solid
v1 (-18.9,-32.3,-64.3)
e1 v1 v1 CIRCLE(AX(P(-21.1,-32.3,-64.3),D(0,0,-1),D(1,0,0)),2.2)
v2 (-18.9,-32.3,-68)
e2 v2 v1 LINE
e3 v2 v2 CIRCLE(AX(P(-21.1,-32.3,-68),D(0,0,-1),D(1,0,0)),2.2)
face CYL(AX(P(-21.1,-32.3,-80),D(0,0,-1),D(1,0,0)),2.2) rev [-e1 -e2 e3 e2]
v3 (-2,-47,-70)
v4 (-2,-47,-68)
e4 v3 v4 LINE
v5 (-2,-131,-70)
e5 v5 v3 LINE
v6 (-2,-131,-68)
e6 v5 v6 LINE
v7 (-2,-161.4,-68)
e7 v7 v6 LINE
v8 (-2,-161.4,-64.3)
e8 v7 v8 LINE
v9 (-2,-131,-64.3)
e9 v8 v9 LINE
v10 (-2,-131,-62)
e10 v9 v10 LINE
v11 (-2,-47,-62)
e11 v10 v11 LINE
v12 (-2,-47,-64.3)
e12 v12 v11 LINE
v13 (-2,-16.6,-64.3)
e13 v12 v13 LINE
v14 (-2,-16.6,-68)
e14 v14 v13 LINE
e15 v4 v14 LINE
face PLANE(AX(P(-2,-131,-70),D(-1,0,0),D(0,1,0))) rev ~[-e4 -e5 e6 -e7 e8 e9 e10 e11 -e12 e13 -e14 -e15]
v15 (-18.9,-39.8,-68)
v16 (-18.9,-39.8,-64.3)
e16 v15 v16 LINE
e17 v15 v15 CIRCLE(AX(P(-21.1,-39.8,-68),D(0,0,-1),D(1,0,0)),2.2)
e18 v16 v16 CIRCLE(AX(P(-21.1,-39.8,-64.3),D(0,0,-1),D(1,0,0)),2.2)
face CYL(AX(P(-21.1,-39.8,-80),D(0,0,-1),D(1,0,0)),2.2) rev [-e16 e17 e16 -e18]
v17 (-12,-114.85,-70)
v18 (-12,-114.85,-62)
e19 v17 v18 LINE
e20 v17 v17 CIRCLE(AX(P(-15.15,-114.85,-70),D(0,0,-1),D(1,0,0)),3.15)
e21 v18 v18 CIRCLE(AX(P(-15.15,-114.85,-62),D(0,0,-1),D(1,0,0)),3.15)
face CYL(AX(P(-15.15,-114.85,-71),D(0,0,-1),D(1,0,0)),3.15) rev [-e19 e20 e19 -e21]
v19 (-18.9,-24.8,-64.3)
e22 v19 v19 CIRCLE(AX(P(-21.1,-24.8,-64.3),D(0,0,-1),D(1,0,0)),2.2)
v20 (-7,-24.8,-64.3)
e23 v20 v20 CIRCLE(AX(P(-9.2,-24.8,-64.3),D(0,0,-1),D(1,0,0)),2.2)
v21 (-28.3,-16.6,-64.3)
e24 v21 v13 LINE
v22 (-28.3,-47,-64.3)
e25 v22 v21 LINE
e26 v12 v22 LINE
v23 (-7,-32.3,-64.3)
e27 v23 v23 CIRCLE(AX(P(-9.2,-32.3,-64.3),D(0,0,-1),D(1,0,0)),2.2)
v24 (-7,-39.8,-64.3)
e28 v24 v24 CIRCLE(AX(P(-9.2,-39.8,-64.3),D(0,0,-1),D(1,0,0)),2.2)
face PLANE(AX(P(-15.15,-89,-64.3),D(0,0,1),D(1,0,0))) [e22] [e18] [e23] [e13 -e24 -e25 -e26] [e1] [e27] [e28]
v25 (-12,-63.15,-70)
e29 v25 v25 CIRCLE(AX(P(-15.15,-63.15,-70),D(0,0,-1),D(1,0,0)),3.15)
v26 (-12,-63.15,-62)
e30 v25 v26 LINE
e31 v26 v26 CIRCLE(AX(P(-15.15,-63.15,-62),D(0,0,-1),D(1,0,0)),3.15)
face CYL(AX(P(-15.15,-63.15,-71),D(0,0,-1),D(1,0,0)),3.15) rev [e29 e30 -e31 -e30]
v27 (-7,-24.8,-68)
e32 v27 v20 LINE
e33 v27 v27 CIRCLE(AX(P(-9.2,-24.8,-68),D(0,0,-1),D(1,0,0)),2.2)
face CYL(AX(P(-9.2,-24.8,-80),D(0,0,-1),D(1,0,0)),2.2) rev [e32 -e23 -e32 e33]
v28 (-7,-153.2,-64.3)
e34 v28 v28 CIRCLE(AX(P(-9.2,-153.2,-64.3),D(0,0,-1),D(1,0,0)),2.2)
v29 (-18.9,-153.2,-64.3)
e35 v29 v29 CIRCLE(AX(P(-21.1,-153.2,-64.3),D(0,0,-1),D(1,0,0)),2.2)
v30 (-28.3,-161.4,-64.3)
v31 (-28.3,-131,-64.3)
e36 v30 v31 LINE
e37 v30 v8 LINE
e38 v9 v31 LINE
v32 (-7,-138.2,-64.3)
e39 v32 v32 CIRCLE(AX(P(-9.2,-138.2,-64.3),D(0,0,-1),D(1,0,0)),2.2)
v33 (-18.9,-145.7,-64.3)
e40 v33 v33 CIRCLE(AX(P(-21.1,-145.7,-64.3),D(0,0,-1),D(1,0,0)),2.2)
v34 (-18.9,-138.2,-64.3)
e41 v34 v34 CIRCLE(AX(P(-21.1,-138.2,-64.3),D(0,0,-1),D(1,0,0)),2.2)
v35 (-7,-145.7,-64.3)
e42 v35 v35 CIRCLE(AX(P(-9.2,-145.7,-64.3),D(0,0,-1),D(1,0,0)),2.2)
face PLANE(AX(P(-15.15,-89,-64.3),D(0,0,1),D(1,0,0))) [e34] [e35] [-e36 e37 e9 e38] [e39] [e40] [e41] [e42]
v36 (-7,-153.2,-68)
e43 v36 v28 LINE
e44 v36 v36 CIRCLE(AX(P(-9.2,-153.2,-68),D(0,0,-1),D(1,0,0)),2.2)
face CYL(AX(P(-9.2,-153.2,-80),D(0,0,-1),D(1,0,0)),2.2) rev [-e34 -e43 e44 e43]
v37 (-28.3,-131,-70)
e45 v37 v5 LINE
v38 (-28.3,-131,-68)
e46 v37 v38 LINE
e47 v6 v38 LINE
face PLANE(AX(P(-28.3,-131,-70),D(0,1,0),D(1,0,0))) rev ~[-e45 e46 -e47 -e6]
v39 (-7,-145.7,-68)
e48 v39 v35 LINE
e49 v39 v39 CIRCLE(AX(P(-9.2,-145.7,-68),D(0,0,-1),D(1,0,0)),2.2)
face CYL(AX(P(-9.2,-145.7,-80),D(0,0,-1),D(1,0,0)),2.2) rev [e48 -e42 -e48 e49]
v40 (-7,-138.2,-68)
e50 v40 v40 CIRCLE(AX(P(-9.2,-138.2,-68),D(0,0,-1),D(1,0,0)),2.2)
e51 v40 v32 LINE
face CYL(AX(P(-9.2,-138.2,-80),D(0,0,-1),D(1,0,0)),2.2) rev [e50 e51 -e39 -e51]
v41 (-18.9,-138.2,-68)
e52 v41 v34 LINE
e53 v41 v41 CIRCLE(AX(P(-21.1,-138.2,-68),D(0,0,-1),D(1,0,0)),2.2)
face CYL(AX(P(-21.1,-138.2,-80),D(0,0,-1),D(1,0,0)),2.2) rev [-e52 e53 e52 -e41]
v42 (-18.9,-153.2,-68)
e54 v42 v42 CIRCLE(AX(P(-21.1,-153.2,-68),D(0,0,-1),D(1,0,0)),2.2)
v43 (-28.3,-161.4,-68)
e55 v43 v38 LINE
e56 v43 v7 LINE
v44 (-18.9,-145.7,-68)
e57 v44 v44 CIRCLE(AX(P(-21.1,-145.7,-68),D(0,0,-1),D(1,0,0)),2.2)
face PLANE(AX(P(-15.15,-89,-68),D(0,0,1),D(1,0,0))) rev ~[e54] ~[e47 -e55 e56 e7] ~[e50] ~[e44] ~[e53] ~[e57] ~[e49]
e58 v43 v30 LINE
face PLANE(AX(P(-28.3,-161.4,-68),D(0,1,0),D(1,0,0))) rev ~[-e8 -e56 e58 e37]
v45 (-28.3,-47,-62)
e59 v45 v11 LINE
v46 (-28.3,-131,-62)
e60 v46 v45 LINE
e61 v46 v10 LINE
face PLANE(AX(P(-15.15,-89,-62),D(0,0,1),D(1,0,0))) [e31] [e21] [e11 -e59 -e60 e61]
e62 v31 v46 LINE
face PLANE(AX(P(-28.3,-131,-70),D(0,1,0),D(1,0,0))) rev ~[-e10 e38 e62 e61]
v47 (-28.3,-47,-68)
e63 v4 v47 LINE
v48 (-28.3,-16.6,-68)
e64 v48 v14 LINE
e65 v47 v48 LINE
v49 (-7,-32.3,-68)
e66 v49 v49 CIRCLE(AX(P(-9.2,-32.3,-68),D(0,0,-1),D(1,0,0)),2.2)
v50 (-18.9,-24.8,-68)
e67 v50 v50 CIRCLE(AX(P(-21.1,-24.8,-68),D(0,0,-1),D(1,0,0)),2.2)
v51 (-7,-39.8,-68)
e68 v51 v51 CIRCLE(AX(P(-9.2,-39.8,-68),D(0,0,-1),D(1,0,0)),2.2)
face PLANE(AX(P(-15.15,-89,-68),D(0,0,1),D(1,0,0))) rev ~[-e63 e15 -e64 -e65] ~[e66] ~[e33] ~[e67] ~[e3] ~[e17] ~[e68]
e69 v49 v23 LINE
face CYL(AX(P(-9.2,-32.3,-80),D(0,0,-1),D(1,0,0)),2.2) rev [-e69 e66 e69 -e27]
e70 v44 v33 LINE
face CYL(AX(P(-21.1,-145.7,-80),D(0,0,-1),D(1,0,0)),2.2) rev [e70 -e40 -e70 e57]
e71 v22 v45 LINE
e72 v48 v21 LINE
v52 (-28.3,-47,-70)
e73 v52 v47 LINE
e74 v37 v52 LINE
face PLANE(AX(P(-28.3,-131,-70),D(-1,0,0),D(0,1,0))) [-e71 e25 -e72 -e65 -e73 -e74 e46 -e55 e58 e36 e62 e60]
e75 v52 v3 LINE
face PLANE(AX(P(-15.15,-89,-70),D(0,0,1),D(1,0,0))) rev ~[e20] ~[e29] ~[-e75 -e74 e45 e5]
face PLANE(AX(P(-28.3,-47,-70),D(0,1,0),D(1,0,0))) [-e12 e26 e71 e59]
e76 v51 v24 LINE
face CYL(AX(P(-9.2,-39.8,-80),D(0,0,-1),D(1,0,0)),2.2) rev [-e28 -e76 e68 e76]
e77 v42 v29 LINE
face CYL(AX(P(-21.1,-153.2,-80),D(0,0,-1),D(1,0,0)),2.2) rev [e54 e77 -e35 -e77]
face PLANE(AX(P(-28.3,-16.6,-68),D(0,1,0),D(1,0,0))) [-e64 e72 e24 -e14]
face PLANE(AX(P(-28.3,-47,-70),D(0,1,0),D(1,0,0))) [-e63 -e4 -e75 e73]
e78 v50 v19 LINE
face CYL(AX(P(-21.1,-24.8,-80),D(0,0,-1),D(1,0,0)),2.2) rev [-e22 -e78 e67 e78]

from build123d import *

# Parameters (mm, degrees)
CYLINDER042_R     = 3.15
CYLINDER042_DEPTH = 10
ARRAY016_Y_COUNT  = 2
ARRAY016_Y_PITCH  = 51.7
CYLINDER036_R     = 2.2
CYLINDER036_DEPTH = 26
ARRAY010_X_COUNT  = 2
ARRAY010_X_PITCH  = 11.9
ARRAY010_Y_COUNT  = 3
ARRAY010_Y_PITCH  = 7.5
CYLINDER035_R     = 2.2
CYLINDER035_DEPTH = 26
ARRAY009_X_COUNT  = 2
ARRAY009_X_PITCH  = 11.9
ARRAY009_Y_COUNT  = 3
ARRAY009_Y_PITCH  = 7.5
BOX041_W          = 26.3
BOX041_H          = 84
BOX041_DEPTH      = 8
BOX040_W          = 26.3
BOX040_H          = 144.8
BOX040_DEPTH      = 3.7


with BuildPart() as taladros_union_cp:
    # Cylinder042 → Cylinder042 (new body)
    with BuildSketch(Plane(origin=(-15.15, -63.15, -71), x_dir=(1, 0, 0), z_dir=(0, 0, 1))):
        Circle(CYLINDER042_R)
    extrude(amount=CYLINDER042_DEPTH)

    # Array016 Y: taladros_union_CP ×2


with BuildPart() as taladros_union_cp_1:
    add(taladros_union_cp.part)
    with Locations(*[(0, -i * ARRAY016_Y_PITCH, 0) for i in range(1, ARRAY016_Y_COUNT)]):
        add(taladros_union_cp.part)


with BuildPart() as taladros_cadera_centro1:
    # Cylinder036 → Cylinder036 (new body)
    with BuildSketch(Plane(origin=(-9.2, -39.8, -80), x_dir=(1, 0, 0), z_dir=(0, 0, 1))):
        Circle(CYLINDER036_R)
    extrude(amount=CYLINDER036_DEPTH)

    # Array010 X: Taladros_cadera_centro1 ×2


with BuildPart() as taladros_cadera_centro1_1:
    add(taladros_cadera_centro1.part)
    with Locations(*[(-i * ARRAY010_X_PITCH, 0, 0) for i in range(1, ARRAY010_X_COUNT)]):
        add(taladros_cadera_centro1.part)

    # Array010 Y: Taladros_cadera_centro1 ×3


with BuildPart() as taladros_cadera_centro1_2:
    add(taladros_cadera_centro1_1.part)
    with Locations(*[(0, i * ARRAY010_Y_PITCH, 0) for i in range(1, ARRAY010_Y_COUNT)]):
        add(taladros_cadera_centro1_1.part)


with BuildPart() as taladros_cadera_centro1_3:
    # Array010 placement: moved
    add(taladros_cadera_centro1_2.part.moved(Location((0, -113.4, 0))))


with BuildPart() as taladros_cadera_centro:
    # Cylinder035 → Cylinder035 (new body)
    with BuildSketch(Plane(origin=(-9.2, -39.8, -80), x_dir=(1, 0, 0), z_dir=(0, 0, 1))):
        Circle(CYLINDER035_R)
    extrude(amount=CYLINDER035_DEPTH)

    # Array009 X: Taladros_cadera_centro ×2


with BuildPart() as taladros_cadera_centro_1:
    add(taladros_cadera_centro.part)
    with Locations(*[(-i * ARRAY009_X_PITCH, 0, 0) for i in range(1, ARRAY009_X_COUNT)]):
        add(taladros_cadera_centro.part)

    # Array009 Y: Taladros_cadera_centro ×3


with BuildPart() as taladros_cadera_centro_2:
    add(taladros_cadera_centro_1.part)
    with Locations(*[(0, i * ARRAY009_Y_PITCH, 0) for i in range(1, ARRAY009_Y_COUNT)]):
        add(taladros_cadera_centro_1.part)


with BuildPart() as cadera_base_centro001:
    # Box041 → Box041 (new body)
    with BuildSketch(Plane(origin=(-28.3, -133, -70), x_dir=(1, 0, 0), z_dir=(0, 0, 1))):
        with Locations((13.15, 42)):
            Rectangle(BOX041_W, BOX041_H)
    extrude(amount=BOX041_DEPTH)


with BuildPart() as cadera_centro_full:
    # Box040 → Box040 (new body)
    with BuildSketch(Plane(origin=(-28.3, -163.4, -68), x_dir=(1, 0, 0), z_dir=(0, 0, 1))):
        with Locations((13.15, 72.4)):
            Rectangle(BOX040_W, BOX040_H)
    extrude(amount=BOX040_DEPTH)

    # Fusion009003047: union Cadera_base_centro001
    add(cadera_base_centro001.part)


with BuildPart() as cadera_centro_full_1:
    # Fusion009003047 placement: moved
    add(cadera_centro_full.part.moved(Location((0, 2, 0))))

    # Cut035: cut Taladros_cadera_centro
    add(taladros_cadera_centro_2.part, mode=Mode.SUBTRACT)

    # Cut036: cut Taladros_cadera_centro1
    add(taladros_cadera_centro1_3.part, mode=Mode.SUBTRACT)

    # Cut049: cut taladros_union_CP
    add(taladros_union_cp_1.part, mode=Mode.SUBTRACT)


solid = cadera_centro_full_1.part
